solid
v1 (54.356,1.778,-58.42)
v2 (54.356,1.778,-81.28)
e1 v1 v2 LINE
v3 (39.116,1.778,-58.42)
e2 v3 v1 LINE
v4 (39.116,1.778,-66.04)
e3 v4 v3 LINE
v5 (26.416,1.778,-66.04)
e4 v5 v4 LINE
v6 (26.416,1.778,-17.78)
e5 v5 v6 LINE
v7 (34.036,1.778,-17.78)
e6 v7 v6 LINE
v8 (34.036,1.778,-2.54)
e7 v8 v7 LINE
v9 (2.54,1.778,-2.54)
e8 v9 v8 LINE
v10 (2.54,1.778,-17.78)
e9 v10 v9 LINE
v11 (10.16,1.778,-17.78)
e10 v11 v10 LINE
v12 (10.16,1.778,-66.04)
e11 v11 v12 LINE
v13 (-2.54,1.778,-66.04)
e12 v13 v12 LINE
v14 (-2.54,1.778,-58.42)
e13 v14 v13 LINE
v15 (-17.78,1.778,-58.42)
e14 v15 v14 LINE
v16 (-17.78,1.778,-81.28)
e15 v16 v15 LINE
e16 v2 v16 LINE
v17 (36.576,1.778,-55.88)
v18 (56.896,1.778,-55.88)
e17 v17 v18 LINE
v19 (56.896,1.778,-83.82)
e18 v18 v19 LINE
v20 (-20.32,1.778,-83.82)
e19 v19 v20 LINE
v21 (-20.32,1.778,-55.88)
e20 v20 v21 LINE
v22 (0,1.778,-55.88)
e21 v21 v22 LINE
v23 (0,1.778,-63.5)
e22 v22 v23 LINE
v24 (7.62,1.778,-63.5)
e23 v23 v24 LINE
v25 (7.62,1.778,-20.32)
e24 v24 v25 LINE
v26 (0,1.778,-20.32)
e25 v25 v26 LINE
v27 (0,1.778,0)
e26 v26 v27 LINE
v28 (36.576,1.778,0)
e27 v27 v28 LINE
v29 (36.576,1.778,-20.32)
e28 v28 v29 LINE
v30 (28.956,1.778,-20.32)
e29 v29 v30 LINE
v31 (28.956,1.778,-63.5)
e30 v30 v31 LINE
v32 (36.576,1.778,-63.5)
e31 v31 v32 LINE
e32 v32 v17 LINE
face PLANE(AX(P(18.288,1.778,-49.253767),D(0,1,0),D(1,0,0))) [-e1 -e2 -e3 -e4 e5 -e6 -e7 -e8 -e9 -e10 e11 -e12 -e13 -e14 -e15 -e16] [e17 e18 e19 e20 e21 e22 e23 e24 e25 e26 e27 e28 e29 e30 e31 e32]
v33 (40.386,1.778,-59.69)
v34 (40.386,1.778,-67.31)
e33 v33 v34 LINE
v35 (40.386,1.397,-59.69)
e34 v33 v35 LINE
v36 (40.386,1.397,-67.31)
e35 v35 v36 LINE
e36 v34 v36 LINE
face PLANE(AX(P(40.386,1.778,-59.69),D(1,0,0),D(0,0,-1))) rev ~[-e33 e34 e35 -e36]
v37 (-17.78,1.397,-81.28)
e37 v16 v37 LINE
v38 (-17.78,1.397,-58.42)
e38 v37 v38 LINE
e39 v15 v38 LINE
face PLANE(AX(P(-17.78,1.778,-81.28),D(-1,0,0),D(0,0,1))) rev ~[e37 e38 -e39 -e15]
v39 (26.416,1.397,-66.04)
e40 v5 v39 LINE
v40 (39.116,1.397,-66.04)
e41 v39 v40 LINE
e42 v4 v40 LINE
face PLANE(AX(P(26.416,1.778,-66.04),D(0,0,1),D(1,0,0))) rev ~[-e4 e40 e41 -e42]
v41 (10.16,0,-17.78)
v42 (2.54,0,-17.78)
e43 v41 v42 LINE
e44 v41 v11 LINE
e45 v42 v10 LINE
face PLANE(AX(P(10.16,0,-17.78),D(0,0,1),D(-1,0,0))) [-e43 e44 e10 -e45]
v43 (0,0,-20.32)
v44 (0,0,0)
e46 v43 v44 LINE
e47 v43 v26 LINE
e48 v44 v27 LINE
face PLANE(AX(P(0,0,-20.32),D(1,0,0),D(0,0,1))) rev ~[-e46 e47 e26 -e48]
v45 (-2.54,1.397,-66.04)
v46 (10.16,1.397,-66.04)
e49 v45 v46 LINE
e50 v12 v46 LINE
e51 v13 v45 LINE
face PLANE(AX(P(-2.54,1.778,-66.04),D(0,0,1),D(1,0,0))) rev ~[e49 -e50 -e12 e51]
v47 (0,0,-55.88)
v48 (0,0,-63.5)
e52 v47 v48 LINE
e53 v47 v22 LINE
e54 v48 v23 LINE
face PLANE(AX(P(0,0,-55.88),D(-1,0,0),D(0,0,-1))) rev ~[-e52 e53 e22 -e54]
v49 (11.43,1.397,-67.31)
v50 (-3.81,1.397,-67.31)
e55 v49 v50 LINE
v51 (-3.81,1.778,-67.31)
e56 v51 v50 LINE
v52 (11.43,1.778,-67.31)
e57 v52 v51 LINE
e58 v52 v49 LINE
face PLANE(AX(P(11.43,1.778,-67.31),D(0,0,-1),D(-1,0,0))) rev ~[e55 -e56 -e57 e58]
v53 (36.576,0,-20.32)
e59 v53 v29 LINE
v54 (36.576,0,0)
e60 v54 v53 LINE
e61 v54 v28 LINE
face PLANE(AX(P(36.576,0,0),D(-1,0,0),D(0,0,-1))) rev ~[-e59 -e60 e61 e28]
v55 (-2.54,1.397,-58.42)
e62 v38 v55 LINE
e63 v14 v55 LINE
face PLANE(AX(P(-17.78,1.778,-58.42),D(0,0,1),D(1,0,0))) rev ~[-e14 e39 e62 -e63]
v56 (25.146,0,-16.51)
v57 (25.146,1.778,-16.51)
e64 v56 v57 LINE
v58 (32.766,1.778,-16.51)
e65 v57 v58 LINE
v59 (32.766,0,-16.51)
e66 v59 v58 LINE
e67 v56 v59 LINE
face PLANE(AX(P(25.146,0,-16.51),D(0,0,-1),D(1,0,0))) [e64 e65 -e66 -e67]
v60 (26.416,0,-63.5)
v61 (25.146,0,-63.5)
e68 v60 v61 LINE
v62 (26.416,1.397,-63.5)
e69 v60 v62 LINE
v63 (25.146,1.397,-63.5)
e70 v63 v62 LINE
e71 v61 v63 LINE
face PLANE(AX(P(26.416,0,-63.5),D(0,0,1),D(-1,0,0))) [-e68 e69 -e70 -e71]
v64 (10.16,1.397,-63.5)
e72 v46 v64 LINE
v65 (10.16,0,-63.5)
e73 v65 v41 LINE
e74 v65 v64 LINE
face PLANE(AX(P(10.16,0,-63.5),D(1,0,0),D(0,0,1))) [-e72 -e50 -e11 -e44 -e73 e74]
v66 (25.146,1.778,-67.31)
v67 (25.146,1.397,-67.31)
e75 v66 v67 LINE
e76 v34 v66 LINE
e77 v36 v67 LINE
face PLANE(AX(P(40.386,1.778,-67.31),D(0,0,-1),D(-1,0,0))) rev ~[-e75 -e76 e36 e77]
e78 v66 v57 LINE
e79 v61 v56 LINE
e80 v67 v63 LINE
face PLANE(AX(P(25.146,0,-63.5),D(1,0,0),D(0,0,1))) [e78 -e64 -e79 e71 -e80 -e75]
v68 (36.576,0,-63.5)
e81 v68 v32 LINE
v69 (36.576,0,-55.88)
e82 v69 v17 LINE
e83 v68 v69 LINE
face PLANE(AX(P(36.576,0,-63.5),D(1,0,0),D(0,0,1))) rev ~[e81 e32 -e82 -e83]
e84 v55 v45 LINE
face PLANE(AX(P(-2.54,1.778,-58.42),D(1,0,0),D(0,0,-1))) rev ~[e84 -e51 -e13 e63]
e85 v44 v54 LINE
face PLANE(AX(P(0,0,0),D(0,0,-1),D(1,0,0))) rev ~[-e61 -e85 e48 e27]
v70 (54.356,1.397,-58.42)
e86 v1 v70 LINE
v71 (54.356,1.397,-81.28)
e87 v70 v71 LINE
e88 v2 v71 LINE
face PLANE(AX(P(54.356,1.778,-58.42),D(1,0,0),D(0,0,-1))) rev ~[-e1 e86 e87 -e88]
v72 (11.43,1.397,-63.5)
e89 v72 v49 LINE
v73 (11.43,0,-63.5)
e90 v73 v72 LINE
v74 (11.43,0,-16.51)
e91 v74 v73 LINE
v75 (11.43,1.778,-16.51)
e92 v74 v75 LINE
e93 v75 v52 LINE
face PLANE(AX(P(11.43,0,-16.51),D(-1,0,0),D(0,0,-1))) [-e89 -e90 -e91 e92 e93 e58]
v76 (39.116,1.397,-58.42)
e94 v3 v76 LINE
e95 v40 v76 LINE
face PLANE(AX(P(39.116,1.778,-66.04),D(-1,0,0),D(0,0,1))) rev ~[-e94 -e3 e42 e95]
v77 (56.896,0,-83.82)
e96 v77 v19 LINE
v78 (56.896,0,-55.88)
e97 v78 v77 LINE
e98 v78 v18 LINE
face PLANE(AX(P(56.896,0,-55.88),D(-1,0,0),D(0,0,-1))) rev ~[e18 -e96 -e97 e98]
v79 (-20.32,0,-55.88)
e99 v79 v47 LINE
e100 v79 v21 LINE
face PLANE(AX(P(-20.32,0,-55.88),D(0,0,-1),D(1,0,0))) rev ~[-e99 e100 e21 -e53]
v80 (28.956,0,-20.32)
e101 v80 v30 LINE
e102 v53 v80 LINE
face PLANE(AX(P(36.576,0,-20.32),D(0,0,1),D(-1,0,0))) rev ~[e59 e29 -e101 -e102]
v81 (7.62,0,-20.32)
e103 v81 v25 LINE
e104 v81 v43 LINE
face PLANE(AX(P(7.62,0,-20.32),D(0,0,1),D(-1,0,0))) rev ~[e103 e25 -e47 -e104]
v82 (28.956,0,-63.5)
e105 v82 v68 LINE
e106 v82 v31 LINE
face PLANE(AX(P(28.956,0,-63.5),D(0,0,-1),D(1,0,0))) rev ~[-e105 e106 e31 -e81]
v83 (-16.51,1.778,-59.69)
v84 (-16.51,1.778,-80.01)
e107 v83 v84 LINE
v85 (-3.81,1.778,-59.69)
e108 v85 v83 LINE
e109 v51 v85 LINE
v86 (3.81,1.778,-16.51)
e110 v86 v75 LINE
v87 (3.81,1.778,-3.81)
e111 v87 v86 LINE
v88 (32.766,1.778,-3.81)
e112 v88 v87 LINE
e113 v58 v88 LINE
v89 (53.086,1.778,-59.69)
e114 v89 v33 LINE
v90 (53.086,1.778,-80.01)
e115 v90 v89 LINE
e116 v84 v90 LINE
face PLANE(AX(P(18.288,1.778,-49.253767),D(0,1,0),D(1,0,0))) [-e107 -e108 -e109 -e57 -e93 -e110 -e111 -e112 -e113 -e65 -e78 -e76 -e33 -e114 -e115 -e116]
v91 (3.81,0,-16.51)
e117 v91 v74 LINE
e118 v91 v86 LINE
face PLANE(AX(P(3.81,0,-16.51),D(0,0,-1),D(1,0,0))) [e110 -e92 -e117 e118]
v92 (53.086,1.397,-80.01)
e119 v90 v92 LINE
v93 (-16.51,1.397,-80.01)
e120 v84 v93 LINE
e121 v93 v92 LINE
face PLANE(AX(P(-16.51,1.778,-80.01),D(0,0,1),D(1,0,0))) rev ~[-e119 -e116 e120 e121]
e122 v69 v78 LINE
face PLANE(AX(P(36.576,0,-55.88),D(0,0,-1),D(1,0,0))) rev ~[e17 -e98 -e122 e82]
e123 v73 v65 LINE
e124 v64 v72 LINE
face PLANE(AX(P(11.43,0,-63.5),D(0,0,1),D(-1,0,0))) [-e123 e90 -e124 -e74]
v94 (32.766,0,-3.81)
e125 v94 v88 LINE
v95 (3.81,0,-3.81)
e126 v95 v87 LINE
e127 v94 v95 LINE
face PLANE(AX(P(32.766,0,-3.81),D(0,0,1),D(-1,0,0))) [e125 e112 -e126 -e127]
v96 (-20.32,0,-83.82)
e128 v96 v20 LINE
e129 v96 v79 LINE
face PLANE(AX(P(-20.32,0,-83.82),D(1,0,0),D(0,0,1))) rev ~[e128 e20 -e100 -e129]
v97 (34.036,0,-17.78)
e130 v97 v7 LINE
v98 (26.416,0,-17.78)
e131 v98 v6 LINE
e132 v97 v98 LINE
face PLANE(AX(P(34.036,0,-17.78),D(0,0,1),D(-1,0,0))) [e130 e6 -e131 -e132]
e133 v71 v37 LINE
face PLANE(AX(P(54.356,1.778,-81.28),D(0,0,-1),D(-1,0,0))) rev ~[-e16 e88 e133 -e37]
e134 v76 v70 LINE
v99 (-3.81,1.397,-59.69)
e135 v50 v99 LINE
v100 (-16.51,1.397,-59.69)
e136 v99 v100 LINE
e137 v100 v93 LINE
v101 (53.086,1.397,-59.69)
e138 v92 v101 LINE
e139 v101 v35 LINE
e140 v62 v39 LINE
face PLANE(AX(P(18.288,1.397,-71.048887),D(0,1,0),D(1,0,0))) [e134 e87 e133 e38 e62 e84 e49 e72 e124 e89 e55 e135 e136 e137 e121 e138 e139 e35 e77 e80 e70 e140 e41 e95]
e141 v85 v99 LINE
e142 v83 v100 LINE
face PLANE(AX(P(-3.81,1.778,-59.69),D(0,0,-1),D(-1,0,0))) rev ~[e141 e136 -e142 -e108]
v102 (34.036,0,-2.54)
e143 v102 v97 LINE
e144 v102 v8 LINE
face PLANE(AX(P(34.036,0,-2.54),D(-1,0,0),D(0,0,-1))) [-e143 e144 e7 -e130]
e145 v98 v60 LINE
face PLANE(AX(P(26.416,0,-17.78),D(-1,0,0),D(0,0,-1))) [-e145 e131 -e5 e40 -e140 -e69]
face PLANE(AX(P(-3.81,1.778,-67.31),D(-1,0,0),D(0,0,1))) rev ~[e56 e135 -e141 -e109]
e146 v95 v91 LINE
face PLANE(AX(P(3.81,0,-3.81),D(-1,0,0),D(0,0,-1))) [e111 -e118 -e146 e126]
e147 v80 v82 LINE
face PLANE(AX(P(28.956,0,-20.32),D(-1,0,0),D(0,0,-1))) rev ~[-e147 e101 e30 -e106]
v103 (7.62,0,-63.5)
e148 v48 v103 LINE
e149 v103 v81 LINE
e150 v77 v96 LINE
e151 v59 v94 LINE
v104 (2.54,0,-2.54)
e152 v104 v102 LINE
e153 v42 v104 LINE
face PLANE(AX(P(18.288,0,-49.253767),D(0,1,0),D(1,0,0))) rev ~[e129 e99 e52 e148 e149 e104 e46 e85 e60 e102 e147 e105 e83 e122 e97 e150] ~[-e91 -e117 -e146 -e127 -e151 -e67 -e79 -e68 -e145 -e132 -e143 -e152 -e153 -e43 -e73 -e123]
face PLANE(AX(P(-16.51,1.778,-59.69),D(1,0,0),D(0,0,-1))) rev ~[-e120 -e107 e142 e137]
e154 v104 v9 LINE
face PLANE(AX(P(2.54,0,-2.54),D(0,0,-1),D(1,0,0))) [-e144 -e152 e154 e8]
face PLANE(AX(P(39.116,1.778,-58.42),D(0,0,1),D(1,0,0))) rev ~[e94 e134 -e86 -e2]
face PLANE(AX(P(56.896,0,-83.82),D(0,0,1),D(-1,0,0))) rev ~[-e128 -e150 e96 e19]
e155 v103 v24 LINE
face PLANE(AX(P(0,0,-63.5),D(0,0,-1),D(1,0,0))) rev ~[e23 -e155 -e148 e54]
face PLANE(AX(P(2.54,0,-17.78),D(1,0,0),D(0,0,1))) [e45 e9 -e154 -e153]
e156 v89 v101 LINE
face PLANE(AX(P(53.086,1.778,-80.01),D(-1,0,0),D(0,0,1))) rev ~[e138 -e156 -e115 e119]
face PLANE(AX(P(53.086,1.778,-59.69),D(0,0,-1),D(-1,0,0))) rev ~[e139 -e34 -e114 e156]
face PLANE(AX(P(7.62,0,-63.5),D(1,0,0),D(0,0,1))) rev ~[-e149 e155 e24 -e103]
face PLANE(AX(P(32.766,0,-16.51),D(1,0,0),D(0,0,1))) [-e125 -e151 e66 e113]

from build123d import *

# Parameters (mm, degrees)
BOSS_EXTRUDE1_DEPTH = 1.778
CUT_EXTRUDE1_DEPTH  = 0.381


with BuildPart() as part:
    # Sketch1 → Boss-Extrude1 (new body)
    with BuildSketch(Plane(origin=(0, 0, 0), x_dir=(1, 0, 0), z_dir=(0, 1, 0))):
        Polygon((-20.32, 83.82), (-20.32, 55.88), (0, 55.88), (0, 63.5), (7.62, 63.5), (7.62, 20.32), (0, 20.32), (0, 0), (36.576, 0), (36.576, 20.32), (28.956, 20.32), (28.956, 63.5), (36.576, 63.5), (36.576, 55.88), (56.896, 55.88), (56.896, 83.82), align=None)
        Polygon((10.16, 17.78), (2.54, 17.78), (2.54, 2.54), (34.036, 2.54), (34.036, 17.78), (26.416, 17.78), (26.416, 63.5), (25.146, 63.5), (25.146, 16.51), (32.766, 16.51), (32.766, 3.81), (3.81, 3.81), (3.81, 16.51), (11.43, 16.51), (11.43, 63.5), (10.16, 63.5), align=None, mode=Mode.SUBTRACT)
    extrude(amount=BOSS_EXTRUDE1_DEPTH)

    # Sketch2 → Cut-Extrude1 (cut)
    with BuildSketch(Plane(origin=(0, 1.778, 0), x_dir=(1, 0, 0), z_dir=(0, 1, 0))):
        Polygon((-16.51, 80.01), (53.086, 80.01), (53.086, 59.69), (40.386, 59.69), (40.386, 67.31), (25.146, 67.31), (25.146, 63.5), (26.416, 63.5), (26.416, 66.04), (39.116, 66.04), (39.116, 58.42), (54.356, 58.42), (54.356, 81.28), (-17.78, 81.28), (-17.78, 58.42), (-2.54, 58.42), (-2.54, 66.04), (10.16, 66.04), (10.16, 63.5), (11.43, 63.5), (11.43, 67.31), (-3.81, 67.31), (-3.81, 59.69), (-16.51, 59.69), align=None)
    extrude(amount=-CUT_EXTRUDE1_DEPTH, mode=Mode.SUBTRACT)


solid = part.part
